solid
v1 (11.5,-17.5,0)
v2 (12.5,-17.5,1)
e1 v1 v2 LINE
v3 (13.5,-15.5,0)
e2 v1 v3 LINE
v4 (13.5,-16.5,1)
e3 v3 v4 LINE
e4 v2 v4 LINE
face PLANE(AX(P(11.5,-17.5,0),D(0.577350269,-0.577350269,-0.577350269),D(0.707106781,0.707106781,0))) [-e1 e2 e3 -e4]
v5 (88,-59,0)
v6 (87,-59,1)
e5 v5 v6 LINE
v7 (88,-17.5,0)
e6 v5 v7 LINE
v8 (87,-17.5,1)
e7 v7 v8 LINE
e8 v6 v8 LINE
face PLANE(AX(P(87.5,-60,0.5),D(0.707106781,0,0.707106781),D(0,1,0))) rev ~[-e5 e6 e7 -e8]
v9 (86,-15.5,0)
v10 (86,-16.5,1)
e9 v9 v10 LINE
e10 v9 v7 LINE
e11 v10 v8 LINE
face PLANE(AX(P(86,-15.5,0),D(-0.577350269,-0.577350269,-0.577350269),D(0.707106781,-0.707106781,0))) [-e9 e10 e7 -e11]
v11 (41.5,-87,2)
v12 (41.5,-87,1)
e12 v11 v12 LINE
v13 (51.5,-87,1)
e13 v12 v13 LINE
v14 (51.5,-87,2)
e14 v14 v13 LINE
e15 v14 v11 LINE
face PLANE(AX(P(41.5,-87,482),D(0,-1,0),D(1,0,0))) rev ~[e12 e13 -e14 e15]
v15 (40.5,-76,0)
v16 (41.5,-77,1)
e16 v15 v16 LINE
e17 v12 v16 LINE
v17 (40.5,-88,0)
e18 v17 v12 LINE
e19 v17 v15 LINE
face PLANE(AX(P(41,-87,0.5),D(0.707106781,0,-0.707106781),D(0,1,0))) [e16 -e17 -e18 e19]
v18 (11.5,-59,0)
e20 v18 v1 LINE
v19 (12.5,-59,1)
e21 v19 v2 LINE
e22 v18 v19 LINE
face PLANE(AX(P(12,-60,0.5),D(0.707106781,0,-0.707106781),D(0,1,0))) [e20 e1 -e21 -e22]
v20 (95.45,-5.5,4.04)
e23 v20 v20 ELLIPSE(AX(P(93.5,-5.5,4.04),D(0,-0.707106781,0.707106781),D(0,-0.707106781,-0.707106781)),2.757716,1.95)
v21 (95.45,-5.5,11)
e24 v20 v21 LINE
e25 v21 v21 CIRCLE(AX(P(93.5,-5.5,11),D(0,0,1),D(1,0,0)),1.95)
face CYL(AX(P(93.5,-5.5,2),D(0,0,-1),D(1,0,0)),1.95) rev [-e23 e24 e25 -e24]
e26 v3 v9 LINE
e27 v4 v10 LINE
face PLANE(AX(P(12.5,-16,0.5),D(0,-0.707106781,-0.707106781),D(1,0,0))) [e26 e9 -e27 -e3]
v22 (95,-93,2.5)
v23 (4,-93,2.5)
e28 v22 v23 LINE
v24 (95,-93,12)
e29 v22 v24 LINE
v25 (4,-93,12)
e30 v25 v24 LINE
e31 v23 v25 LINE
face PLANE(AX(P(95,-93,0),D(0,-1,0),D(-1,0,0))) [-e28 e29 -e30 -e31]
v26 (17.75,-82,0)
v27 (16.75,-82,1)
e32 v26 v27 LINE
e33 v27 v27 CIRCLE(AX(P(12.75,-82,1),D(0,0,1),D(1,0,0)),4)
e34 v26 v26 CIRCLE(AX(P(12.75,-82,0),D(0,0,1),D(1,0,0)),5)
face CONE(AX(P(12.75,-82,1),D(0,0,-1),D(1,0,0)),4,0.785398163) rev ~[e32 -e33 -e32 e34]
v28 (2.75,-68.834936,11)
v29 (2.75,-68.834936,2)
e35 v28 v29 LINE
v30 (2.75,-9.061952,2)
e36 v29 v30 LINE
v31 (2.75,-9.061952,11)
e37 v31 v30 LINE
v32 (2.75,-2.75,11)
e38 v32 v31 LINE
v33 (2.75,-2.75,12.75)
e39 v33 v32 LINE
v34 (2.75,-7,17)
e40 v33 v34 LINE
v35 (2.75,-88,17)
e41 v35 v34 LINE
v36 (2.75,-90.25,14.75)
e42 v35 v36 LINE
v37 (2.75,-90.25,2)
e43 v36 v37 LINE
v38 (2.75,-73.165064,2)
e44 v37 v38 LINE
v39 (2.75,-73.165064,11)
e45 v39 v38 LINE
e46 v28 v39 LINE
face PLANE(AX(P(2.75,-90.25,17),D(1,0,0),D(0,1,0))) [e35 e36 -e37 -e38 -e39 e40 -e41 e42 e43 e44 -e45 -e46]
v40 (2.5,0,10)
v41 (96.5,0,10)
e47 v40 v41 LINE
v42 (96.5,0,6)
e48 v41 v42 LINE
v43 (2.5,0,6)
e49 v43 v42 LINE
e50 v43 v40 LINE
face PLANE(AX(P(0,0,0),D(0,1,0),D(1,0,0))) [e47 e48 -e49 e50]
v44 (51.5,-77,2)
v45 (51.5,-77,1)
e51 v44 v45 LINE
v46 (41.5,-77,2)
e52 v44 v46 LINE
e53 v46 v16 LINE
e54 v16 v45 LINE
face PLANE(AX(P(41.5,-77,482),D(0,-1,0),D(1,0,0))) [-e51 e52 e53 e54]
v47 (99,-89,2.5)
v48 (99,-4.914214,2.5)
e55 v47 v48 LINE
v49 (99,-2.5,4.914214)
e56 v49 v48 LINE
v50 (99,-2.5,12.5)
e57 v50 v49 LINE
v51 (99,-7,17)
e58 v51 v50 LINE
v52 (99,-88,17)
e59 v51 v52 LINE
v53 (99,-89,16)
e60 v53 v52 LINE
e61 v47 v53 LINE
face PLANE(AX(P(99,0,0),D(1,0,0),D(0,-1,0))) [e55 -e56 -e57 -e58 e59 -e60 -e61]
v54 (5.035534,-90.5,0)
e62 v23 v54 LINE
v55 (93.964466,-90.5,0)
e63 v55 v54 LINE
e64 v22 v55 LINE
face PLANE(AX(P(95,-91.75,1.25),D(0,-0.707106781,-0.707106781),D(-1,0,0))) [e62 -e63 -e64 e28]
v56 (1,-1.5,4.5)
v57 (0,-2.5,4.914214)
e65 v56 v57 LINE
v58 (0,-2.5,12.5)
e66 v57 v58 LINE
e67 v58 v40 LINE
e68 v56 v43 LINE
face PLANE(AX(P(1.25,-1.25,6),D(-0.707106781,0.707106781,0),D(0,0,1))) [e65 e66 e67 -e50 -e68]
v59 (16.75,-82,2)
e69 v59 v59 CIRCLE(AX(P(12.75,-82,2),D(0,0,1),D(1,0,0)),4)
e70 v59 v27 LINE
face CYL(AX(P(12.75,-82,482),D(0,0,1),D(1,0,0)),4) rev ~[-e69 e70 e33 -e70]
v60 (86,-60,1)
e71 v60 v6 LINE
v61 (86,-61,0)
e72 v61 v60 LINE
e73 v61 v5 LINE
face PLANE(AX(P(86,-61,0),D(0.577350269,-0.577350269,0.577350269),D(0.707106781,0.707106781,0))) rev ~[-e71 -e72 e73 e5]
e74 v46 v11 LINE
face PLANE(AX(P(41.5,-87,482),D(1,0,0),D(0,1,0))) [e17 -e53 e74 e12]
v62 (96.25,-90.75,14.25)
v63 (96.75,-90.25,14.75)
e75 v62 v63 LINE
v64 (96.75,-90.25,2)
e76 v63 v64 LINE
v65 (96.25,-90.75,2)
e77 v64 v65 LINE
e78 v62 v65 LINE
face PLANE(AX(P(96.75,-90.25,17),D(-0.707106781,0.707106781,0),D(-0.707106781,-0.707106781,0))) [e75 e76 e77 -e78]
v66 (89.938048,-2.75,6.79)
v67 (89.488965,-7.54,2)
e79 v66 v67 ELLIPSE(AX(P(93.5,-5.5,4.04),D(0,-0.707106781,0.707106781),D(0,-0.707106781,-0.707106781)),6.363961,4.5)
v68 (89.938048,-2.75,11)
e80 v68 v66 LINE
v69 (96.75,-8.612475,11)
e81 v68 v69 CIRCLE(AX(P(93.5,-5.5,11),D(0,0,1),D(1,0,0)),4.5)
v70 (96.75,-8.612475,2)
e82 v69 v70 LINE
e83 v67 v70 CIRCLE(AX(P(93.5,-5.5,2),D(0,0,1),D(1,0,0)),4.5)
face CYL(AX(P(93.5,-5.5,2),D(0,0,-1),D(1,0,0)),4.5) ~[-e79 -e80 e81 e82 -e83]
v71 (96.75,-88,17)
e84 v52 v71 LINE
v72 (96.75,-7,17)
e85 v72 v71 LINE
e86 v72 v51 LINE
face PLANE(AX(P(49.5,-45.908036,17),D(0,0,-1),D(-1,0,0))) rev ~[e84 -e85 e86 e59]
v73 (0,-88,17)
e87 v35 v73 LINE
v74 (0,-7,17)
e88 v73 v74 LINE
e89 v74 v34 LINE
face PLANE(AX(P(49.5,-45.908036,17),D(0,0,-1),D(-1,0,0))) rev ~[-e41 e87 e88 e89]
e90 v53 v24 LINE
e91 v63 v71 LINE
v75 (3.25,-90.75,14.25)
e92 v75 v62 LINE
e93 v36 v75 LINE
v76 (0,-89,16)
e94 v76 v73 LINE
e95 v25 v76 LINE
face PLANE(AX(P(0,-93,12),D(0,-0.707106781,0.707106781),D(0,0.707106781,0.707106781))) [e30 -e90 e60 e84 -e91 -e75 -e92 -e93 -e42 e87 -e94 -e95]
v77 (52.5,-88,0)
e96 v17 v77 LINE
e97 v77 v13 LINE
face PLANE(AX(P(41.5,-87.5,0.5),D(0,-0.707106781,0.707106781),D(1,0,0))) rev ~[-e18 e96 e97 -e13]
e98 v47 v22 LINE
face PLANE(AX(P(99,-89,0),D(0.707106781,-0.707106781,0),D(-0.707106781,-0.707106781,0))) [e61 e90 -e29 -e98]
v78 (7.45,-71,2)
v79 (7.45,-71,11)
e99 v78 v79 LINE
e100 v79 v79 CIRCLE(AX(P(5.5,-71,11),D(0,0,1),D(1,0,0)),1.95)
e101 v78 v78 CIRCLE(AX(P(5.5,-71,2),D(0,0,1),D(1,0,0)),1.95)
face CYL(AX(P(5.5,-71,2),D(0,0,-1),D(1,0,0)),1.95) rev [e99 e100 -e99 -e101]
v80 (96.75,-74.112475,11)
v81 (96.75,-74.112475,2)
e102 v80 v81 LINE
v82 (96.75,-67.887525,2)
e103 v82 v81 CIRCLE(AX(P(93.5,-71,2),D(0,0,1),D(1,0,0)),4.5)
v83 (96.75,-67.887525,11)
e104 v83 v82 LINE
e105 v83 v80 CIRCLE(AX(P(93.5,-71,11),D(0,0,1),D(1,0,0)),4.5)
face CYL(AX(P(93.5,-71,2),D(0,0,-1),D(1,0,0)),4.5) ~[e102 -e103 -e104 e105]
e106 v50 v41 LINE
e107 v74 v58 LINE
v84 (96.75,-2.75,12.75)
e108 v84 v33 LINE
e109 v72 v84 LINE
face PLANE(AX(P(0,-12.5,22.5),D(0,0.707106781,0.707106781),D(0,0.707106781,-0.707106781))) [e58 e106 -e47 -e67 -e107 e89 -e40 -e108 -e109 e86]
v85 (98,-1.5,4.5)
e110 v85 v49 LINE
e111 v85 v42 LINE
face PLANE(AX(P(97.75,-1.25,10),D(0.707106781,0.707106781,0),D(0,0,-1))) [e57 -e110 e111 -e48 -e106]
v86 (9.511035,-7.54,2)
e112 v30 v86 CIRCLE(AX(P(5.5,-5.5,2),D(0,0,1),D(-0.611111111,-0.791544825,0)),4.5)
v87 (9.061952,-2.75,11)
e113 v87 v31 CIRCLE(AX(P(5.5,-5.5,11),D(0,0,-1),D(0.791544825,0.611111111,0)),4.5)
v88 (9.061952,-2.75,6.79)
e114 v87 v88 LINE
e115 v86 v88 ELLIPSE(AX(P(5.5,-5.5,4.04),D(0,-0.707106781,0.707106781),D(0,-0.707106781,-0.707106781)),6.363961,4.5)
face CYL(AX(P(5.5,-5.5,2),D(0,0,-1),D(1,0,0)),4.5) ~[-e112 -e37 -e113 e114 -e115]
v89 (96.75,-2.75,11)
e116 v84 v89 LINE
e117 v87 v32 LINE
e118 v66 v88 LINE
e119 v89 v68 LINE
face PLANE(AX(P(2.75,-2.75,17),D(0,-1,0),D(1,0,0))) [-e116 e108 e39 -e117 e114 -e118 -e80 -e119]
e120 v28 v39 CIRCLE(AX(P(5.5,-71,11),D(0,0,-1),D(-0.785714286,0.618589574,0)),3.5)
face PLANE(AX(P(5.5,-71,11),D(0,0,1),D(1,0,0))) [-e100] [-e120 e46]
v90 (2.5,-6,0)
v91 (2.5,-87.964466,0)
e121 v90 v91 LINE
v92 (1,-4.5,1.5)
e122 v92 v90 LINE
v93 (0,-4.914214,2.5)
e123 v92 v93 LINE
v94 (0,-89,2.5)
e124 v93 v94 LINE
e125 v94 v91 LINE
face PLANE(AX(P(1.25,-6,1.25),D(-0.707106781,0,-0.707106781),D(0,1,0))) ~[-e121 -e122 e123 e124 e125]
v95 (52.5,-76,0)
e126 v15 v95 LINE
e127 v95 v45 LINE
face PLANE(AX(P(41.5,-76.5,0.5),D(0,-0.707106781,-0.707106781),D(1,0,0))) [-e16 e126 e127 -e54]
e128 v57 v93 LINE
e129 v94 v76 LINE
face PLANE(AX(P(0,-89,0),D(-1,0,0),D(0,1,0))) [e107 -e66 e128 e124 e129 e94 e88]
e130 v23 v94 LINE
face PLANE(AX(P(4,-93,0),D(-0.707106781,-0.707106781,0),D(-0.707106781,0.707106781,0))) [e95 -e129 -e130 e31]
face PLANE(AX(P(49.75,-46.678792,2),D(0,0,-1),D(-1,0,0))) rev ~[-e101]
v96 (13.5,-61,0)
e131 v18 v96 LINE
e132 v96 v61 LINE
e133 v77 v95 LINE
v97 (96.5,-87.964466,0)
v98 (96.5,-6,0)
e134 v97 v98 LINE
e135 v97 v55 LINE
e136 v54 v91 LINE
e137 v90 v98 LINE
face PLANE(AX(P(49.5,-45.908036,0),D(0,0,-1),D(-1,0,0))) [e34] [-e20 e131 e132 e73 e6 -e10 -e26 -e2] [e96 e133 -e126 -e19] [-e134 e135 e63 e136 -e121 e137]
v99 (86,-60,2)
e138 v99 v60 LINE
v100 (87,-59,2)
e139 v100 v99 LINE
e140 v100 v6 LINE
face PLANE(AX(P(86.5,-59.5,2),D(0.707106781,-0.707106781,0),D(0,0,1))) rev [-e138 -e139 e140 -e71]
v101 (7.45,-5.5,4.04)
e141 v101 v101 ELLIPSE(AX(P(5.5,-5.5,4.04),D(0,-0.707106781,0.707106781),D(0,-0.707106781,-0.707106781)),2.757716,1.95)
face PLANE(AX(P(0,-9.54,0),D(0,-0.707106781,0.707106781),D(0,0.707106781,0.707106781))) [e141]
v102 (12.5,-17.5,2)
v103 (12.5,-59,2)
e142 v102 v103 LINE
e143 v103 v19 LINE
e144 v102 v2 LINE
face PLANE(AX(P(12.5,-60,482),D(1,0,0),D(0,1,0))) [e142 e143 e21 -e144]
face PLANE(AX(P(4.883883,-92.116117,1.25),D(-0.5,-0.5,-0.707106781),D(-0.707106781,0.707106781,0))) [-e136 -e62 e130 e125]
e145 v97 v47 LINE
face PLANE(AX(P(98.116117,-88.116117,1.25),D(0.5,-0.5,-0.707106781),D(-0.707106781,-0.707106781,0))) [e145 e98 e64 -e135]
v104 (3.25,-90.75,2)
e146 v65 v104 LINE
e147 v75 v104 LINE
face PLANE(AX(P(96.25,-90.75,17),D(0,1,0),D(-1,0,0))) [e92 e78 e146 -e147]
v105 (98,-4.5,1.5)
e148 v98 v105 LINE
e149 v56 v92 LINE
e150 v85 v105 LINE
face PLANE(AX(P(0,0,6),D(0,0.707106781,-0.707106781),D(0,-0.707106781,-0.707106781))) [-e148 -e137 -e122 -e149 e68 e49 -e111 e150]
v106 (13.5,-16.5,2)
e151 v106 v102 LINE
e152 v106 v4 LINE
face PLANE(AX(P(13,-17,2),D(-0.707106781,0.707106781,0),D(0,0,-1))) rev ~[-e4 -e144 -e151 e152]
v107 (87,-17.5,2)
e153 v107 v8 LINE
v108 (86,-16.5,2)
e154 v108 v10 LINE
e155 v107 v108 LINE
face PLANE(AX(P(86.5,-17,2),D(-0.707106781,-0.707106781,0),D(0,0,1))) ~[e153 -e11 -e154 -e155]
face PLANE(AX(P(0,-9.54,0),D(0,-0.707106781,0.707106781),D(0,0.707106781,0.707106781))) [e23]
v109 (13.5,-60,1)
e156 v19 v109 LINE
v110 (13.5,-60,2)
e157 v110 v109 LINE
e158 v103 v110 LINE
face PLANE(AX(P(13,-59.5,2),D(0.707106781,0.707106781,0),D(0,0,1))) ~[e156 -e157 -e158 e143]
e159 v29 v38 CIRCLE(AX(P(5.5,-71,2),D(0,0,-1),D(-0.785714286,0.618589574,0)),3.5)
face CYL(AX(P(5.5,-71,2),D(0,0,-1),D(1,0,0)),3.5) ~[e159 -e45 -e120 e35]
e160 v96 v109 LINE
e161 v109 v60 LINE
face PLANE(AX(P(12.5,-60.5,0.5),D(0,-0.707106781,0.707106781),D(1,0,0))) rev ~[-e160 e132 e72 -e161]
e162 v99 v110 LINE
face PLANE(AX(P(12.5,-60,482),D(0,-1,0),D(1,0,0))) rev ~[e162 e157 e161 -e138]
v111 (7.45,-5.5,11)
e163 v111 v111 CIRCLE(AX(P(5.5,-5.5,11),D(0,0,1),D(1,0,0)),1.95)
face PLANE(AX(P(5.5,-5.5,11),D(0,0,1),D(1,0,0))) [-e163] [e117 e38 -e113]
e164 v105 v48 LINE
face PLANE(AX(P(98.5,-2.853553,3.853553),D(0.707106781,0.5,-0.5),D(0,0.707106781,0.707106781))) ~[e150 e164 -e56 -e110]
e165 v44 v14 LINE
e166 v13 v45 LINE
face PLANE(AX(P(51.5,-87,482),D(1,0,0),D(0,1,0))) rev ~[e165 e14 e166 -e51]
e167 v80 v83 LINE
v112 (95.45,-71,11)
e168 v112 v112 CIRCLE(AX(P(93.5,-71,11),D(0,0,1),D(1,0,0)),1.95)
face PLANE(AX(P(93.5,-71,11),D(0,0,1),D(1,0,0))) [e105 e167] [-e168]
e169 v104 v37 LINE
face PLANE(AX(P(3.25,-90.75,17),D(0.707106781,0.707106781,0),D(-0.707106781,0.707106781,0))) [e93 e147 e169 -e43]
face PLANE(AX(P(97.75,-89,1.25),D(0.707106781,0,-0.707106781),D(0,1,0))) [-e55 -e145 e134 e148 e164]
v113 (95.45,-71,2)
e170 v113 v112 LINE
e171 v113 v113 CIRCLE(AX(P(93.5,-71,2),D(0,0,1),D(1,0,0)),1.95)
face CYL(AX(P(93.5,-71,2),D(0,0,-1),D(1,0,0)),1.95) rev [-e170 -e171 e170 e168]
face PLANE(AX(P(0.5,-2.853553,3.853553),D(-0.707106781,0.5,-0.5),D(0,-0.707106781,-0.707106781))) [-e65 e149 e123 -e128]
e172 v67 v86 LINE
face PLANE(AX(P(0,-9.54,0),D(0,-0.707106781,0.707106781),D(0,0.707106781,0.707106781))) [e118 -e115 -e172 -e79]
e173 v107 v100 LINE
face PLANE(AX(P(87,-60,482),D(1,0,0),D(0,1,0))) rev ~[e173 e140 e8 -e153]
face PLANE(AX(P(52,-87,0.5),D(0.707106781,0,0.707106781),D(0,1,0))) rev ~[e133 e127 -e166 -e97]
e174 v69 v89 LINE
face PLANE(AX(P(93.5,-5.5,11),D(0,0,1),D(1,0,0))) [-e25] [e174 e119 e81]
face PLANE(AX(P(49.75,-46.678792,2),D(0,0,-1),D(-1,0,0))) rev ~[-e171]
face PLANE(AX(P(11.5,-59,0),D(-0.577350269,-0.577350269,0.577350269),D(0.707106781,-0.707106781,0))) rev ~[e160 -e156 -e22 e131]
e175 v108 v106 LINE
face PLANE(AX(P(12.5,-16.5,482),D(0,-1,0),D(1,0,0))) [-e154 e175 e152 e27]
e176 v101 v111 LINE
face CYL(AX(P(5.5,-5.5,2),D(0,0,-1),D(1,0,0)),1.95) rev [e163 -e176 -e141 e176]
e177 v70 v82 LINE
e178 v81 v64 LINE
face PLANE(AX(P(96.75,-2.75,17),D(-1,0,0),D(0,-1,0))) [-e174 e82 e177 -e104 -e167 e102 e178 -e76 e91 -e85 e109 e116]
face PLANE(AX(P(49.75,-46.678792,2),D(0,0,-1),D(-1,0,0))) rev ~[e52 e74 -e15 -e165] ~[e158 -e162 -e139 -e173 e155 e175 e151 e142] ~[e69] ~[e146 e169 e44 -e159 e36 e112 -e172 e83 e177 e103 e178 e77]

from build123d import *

# Parameters (mm, degrees)
PAD_DEPTH       = 17
POCKET_DEPTH    = 15
SKETCH002_R     = 4
SKETCH002_W     = 74.5
SKETCH002_H     = 43.5
SKETCH002_W_2   = 10
SKETCH002_H_2   = 10
POCKET001_DEPTH = 482
SKETCH003_R     = 4.5
SKETCH003_R_2   = 1.95
SKETCH003_R_3   = 3.5
PAD001_DEPTH    = 9
POCKET002_DEPTH = 99
PAD002_DEPTH    = 99
CHAMFER_SIZE    = 2.5
CHAMFER001_SIZE = 1


with BuildPart() as part:
    # Sketch → Pad (new body)
    with BuildSketch(Plane.XY):
        Polygon((0, 0), (99, 0), (99, -89), (95, -93), (4, -93), (0, -89), align=None)
    extrude(amount=PAD_DEPTH)

    # Sketch001 → Pocket (cut)
    with BuildSketch(Plane.XY.offset(17)):
        Polygon((2.75, -2.75), (96.75, -2.75), (96.75, -90.25), (96.25, -90.75), (3.25, -90.75), (2.75, -90.25), align=None)
    extrude(amount=-POCKET_DEPTH, mode=Mode.SUBTRACT)

    # Sketch002 (on Sketch) → Pocket001 (cut)
    with BuildSketch(Plane.XY.offset(482)):
        with Locations((12.75, -82)):
            Circle(SKETCH002_R)
        with Locations((49.75, -38.25)):
            Rectangle(SKETCH002_W, SKETCH002_H)
        with Locations((46.5, -82)):
            Rectangle(SKETCH002_W_2, SKETCH002_H_2)
    extrude(amount=-POCKET001_DEPTH, mode=Mode.SUBTRACT)

    # Sketch003 → Pad001 (join)
    with BuildSketch(Plane.XY.offset(2)):
        with Locations((5.5, -5.5)):
            Circle(SKETCH003_R)
        with Locations((5.5, -5.5)):
            Circle(SKETCH003_R_2, mode=Mode.SUBTRACT)
        with Locations((93.5, -5.5)):
            Circle(SKETCH003_R)
        with Locations((93.5, -5.5)):
            Circle(SKETCH003_R_2, mode=Mode.SUBTRACT)
        with Locations((5.5, -71)):
            Circle(SKETCH003_R_3)
        with Locations((5.5, -71)):
            Circle(SKETCH003_R_2, mode=Mode.SUBTRACT)
        with Locations((93.5, -71)):
            Circle(SKETCH003_R)
        with Locations((93.5, -71)):
            Circle(SKETCH003_R_2, mode=Mode.SUBTRACT)
    extrude(amount=PAD001_DEPTH)

    # Sketch004 → Pocket002 (cut)
    with BuildSketch(Plane.YZ):
        Polygon((-93, 24.5), (-93, 12), (-80.5, 24.5), align=None)
        Polygon((-12.5, 22.5), (0, 10), (0, 22.5), align=None)
        Polygon((0, 0), (0, 6), (-6, 0), align=None)
    extrude(amount=POCKET002_DEPTH, mode=Mode.SUBTRACT)

    # Sketch005 → Pad002 (join)
    with BuildSketch(Plane.YZ):
        Polygon((0, 6), (-6, 0), (-9.54, 0), (0, 9.54), align=None)
    extrude(amount=PAD002_DEPTH)

    # Chamfer
    chamfer_edges = [part.edges().sort_by_distance(p)[0] for p in [
        (99, -47.5, 0),
        (97, -91, 0),
        (49.5, -93, 0),
        (2, -91, 0),
        (0, -47.5, 0),
        (99, 0, 8),
        (0, 0, 8),
    ]]
    chamfer(chamfer_edges, length=CHAMFER_SIZE)

    # Chamfer001
    chamfer001_edges = [part.edges().sort_by_distance(p)[0] for p in [
        (99, -3, 3),
        (0, -3, 3),
        (12.5, -38.25, 0),
        (49.75, -16.5, 0),
        (49.75, -60, 0),
        (87, -38.25, 0),
        (51.5, -82, 0),
        (46.5, -87, 0),
        (41.5, -82, 0),
        (46.5, -77, 0),
        (8.75, -82, 0),
        (12.5, -60, 1),
        (87, -16.5, 1),
        (12.5, -16.5, 1),
        (87, -60, 1),
    ]]
    chamfer(chamfer001_edges, length=CHAMFER001_SIZE)


solid = part.part
